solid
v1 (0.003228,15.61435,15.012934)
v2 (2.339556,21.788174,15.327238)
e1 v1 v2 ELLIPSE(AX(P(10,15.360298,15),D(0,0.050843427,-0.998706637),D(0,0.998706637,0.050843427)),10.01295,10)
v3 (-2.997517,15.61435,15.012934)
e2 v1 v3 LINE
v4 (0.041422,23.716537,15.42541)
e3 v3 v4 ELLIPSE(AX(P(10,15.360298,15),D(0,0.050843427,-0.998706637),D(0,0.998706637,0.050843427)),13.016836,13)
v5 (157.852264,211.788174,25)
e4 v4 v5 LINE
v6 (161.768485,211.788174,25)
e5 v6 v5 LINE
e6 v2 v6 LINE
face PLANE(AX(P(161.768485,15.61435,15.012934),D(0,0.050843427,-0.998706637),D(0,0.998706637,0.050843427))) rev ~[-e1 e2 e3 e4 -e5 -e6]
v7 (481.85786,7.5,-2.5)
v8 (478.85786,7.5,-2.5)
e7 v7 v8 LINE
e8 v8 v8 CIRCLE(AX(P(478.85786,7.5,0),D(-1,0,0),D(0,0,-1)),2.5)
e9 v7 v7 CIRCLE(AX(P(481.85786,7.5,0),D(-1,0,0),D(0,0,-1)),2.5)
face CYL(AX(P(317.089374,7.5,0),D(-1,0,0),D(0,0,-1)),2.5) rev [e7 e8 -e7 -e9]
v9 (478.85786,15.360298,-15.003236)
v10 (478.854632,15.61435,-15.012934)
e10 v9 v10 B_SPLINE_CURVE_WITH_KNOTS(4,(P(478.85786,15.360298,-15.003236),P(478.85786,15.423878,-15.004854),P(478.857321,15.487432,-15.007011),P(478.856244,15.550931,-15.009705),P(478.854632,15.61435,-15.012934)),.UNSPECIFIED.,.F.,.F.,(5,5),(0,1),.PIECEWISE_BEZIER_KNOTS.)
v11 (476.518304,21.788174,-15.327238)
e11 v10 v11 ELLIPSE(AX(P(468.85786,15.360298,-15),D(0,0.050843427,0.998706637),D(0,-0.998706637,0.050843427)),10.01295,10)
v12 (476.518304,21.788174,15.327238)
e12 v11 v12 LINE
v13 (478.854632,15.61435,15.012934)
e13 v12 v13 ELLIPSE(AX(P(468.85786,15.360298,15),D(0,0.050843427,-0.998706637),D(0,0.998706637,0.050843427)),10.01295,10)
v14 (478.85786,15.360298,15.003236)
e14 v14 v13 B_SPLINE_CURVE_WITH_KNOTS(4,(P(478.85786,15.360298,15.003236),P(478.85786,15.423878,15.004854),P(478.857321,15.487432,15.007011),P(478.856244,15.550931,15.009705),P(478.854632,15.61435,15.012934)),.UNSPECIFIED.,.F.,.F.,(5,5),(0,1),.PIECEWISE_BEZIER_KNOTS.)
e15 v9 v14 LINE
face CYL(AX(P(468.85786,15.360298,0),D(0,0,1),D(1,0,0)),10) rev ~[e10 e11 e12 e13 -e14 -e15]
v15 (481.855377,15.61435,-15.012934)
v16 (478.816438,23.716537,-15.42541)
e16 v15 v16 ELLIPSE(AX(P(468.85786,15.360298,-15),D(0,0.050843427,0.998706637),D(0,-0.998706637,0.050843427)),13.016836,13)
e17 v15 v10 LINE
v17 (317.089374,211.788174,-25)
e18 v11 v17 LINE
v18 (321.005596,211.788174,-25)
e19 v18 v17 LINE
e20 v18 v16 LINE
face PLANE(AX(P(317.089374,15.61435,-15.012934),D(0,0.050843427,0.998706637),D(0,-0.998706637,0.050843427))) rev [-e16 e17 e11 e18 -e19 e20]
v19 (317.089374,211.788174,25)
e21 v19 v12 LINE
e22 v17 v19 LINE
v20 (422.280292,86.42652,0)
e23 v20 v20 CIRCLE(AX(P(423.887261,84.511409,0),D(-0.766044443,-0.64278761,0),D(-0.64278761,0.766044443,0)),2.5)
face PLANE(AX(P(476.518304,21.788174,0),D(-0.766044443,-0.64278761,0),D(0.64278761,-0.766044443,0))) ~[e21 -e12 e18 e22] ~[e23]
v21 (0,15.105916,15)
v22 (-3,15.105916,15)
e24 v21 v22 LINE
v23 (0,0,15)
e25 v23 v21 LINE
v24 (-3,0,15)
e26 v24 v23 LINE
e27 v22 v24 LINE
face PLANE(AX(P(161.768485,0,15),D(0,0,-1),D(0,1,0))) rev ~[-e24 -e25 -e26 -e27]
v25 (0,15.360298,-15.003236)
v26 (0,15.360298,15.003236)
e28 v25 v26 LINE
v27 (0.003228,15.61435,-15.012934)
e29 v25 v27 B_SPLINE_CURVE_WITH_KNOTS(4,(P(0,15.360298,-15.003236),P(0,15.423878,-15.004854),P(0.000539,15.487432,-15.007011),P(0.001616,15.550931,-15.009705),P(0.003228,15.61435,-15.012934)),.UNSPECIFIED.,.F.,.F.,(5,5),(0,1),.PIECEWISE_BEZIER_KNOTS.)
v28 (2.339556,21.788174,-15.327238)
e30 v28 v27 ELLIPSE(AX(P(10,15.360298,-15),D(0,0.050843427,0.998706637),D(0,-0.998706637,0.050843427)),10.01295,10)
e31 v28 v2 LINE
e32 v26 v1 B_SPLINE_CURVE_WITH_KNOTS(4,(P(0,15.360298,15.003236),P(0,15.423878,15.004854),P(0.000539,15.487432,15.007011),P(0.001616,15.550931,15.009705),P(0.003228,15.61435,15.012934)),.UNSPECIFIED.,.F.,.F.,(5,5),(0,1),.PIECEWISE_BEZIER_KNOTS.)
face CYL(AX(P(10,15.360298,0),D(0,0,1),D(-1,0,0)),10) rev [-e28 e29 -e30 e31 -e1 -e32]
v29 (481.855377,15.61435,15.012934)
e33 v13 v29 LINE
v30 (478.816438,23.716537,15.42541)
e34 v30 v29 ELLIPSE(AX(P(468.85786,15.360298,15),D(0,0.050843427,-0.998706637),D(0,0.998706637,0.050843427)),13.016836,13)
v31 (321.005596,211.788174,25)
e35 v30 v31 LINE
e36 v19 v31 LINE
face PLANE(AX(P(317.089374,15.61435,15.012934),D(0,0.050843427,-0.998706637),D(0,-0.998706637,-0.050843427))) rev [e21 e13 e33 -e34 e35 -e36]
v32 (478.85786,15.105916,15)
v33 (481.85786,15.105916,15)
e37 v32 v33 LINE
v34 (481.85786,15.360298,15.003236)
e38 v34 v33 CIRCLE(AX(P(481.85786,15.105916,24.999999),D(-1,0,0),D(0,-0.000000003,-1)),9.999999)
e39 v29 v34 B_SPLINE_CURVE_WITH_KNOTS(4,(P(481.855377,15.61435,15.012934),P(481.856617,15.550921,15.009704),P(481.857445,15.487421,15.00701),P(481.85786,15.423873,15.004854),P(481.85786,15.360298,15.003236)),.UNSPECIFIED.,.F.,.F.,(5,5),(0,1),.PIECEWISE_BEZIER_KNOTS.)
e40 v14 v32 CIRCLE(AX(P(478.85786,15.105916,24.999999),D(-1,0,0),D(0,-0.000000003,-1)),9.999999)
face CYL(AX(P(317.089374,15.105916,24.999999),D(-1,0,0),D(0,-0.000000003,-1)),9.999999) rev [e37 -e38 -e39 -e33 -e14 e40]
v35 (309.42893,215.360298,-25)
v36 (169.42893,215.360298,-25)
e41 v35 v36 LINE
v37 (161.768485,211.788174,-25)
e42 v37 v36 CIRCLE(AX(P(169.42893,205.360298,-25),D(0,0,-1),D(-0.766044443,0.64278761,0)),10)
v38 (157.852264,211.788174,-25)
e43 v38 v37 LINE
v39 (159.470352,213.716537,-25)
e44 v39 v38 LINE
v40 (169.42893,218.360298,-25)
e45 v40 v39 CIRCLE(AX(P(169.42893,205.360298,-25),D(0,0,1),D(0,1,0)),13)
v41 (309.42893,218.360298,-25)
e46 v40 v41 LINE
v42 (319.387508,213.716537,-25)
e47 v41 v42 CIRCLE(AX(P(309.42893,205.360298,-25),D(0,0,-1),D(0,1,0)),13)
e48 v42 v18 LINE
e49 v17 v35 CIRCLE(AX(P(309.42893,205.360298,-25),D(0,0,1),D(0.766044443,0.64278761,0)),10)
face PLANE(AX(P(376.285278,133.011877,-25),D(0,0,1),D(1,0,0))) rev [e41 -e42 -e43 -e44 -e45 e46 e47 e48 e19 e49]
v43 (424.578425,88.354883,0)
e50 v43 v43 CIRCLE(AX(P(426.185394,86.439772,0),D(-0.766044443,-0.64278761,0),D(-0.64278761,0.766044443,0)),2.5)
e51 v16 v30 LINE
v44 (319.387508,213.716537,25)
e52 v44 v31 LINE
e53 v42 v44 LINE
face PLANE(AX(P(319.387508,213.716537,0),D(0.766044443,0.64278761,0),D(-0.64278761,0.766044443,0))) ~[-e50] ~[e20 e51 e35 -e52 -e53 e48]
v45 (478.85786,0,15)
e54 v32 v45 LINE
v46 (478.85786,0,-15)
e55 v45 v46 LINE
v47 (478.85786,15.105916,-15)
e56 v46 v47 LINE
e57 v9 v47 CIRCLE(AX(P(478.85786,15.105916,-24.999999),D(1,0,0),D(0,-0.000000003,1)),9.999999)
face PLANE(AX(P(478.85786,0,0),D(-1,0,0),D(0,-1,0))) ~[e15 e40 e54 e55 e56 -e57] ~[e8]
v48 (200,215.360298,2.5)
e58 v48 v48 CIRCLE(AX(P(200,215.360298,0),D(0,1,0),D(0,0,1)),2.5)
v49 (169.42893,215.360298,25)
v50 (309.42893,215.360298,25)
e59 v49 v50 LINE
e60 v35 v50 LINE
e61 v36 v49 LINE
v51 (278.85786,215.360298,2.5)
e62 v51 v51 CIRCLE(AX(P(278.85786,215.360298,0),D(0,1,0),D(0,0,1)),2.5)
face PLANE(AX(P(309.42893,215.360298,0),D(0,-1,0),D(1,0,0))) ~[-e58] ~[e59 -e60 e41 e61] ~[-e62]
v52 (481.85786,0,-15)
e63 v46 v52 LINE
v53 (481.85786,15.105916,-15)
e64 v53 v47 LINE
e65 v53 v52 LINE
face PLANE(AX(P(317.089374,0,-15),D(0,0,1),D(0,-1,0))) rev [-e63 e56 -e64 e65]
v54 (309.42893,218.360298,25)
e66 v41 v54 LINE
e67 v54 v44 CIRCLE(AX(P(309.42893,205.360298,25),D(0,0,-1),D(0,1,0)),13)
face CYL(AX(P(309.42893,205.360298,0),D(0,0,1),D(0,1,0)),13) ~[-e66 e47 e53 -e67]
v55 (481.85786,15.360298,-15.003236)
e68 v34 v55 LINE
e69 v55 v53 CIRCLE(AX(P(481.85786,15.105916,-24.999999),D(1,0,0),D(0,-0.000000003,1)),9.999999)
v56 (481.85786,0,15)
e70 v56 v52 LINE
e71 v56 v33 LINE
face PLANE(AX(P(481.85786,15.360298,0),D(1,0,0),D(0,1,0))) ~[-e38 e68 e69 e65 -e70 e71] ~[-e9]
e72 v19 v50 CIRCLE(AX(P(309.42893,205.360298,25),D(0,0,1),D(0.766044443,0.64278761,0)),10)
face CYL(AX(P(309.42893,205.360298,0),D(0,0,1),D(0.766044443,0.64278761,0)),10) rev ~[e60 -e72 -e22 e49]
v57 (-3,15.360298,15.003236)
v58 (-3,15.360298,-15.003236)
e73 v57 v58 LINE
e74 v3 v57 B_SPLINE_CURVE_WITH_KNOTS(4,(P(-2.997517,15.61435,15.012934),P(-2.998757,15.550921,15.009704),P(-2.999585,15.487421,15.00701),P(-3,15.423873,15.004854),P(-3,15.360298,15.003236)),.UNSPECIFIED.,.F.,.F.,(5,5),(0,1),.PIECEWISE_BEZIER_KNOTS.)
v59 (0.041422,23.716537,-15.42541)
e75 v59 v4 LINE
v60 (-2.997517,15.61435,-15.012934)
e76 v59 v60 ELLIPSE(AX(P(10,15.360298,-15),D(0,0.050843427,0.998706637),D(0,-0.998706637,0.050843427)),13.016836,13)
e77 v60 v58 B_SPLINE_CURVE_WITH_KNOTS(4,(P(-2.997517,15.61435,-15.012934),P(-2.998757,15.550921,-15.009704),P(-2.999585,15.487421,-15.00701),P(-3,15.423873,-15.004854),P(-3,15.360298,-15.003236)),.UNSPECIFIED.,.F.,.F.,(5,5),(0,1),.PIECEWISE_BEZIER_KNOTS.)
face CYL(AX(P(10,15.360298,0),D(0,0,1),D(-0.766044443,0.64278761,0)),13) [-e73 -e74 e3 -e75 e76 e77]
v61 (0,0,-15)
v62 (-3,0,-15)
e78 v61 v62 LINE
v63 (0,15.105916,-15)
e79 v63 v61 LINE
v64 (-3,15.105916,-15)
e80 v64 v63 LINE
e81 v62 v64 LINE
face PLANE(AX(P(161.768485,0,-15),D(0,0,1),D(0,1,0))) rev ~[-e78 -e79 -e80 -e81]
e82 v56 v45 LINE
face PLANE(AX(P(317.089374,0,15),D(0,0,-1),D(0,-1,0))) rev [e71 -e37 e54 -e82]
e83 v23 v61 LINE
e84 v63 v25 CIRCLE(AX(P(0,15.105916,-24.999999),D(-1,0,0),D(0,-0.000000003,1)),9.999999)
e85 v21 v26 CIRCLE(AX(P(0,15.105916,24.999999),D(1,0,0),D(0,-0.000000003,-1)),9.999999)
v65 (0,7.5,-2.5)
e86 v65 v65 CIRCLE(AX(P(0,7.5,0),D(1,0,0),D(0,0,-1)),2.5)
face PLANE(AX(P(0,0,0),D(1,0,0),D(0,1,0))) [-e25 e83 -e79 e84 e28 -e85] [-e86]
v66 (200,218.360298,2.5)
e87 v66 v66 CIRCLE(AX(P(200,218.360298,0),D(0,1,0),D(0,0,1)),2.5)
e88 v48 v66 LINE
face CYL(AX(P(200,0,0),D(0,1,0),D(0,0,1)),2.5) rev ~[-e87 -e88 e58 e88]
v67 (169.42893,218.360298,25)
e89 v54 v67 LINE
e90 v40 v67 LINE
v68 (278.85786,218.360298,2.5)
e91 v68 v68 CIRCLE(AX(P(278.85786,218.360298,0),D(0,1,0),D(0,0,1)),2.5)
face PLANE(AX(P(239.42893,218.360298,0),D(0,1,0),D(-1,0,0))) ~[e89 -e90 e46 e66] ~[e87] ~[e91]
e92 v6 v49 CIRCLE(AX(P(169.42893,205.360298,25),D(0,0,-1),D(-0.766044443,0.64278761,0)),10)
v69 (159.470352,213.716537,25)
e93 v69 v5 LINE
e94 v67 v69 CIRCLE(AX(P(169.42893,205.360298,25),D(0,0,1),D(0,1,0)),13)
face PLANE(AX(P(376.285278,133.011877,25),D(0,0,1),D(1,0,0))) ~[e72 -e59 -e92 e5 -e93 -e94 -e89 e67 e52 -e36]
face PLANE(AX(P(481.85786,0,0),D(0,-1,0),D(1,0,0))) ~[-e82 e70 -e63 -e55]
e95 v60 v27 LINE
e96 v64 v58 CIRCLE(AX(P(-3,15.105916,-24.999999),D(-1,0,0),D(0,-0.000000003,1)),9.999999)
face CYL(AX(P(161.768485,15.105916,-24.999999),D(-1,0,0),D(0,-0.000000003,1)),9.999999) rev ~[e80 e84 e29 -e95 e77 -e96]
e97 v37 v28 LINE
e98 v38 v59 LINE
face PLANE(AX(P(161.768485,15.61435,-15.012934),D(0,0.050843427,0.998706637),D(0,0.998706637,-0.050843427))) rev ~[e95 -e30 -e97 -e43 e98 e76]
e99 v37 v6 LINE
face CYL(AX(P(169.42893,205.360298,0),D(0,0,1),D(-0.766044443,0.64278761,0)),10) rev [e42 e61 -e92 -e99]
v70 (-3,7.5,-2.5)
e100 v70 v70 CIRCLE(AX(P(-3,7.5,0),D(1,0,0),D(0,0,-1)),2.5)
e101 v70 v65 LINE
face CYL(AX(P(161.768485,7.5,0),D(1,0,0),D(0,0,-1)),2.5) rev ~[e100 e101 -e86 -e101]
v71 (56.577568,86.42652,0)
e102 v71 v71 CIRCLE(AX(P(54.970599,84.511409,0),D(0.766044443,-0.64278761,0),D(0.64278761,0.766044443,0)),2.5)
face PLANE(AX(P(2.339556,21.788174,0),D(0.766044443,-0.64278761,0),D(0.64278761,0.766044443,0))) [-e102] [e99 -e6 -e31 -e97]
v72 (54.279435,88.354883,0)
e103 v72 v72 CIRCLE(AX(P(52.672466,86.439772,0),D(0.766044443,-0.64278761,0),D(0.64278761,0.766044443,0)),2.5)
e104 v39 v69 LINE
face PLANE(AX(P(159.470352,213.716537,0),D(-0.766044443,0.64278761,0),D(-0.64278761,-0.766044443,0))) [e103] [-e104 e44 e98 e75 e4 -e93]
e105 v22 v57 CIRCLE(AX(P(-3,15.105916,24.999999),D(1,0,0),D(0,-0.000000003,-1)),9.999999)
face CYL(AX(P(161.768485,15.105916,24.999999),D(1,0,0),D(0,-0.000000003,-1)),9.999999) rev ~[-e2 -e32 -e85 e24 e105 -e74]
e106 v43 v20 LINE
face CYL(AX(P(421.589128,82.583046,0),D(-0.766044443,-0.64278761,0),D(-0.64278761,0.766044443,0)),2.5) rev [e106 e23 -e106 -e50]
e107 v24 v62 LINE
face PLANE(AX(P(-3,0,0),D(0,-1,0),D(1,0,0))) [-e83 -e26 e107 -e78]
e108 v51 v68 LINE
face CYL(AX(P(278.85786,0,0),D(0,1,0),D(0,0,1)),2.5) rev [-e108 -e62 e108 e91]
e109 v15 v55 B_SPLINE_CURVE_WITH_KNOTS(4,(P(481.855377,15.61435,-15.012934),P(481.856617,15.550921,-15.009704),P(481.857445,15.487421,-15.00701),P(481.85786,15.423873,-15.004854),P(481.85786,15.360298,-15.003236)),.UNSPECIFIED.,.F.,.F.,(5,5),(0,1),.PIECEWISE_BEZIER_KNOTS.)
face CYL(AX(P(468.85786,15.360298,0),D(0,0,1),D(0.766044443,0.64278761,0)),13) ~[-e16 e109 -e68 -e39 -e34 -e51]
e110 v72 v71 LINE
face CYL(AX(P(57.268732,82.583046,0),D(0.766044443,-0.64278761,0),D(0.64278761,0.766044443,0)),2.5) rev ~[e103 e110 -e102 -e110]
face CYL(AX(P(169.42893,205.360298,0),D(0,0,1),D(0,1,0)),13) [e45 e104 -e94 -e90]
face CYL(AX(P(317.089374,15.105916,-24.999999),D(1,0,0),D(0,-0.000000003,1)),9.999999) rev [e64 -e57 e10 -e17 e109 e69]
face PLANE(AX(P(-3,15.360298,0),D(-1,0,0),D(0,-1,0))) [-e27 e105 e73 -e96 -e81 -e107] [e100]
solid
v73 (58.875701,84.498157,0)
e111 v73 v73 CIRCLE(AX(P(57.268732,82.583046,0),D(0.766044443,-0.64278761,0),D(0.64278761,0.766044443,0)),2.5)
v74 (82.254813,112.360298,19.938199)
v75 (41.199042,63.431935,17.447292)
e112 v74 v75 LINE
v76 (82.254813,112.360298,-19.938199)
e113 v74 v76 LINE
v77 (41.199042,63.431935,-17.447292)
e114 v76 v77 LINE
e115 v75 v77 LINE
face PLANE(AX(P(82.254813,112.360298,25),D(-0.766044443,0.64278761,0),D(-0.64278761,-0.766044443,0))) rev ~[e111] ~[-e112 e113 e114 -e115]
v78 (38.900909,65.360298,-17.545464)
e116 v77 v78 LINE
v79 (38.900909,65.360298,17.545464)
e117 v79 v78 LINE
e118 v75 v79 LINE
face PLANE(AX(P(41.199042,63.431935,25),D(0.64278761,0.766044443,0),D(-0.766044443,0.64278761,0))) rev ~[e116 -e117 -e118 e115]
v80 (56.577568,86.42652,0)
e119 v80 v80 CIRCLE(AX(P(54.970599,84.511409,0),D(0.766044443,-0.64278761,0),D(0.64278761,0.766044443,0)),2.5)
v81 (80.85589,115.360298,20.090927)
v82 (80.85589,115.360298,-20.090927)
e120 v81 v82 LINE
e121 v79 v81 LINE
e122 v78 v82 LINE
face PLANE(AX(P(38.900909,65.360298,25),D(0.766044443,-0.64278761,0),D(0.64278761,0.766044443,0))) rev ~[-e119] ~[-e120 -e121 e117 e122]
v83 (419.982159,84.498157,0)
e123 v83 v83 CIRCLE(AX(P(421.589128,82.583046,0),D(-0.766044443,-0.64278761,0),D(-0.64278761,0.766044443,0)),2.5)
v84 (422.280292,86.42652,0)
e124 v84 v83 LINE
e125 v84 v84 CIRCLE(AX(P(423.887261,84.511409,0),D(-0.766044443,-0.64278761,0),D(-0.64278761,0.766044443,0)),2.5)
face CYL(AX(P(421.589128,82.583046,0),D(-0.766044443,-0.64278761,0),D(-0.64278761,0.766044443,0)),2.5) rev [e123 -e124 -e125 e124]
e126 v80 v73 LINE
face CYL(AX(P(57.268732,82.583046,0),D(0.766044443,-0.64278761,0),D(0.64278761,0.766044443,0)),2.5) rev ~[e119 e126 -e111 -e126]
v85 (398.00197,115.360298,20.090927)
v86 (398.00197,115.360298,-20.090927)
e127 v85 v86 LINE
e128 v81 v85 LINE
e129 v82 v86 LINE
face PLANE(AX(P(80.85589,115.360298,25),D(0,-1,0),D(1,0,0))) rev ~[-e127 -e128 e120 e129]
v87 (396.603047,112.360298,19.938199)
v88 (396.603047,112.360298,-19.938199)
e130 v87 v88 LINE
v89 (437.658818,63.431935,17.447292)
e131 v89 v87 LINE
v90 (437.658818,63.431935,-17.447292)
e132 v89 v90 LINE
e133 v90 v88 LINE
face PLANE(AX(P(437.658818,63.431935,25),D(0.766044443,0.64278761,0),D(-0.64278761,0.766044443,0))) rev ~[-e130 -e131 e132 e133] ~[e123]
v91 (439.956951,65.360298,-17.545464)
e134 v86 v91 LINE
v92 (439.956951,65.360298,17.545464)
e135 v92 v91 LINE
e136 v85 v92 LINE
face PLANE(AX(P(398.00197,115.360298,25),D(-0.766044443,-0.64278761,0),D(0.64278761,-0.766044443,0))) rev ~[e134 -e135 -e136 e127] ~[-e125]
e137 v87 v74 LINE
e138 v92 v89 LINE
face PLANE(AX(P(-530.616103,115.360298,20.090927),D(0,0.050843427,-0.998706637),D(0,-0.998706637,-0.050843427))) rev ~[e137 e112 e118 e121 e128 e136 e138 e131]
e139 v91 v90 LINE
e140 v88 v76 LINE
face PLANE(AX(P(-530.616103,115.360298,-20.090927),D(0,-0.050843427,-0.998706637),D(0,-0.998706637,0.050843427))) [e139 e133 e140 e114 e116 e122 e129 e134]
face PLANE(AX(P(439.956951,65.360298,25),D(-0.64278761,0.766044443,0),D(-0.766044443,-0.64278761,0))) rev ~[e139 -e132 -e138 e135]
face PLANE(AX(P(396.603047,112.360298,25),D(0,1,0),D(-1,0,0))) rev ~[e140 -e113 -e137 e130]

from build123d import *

# Parameters (mm, degrees)
BOSS_EXTRUDE1_DEPTH     = 25
CUT_EXTRUDE1_DEPTH      = 275.690504759
SKETCH6_R               = 2.5
CUT_EXTRUDE3_DEPTH      = 326.011433764
SKETCH7_R               = 2.5
CUT_EXTRUDE4_DEPTH      = 275.690504819
BOSS_EXTRUDE2_DEPTH     = 50
CUT_EXTRUDE5_DEPTH      = 530.616103216
CUT_EXTRUDE5_DEPTH_BACK = 530.616103216
SKETCH11_R              = 2.5
CUT_EXTRUDE6_DEPTH      = 534.660292369


with BuildPart() as part:
    # Sketch2 → Boss-Extrude1 (new, symmetric)
    with BuildSketch(Plane.XY):
        with BuildLine():
            Line((0, 0), (0, 15.360297657))
            ThreePointArc((0, 15.360297657), (0.603073792, 18.780499091), (2.339555569, 21.788173754))
            Line((2.339555569, 21.788173754), (161.768485492, 211.788173754))
            ThreePointArc((161.768485492, 211.788173754), (165.202747306, 214.423375528), (169.428929924, 215.360297657))
            Line((169.428929924, 215.360297657), (239.428929924, 215.360297657))
            Line((239.428929924, 215.360297657), (239.428929924, 218.360297657))
            Line((239.428929924, 218.360297657), (169.428929924, 218.360297657))
            ThreePointArc((169.428929924, 218.360297657), (163.934892521, 217.142298889), (159.470352163, 213.716536583))
            Line((159.470352163, 213.716536583), (0.041422239, 23.716536583))
            ThreePointArc((0.041422239, 23.716536583), (-2.21600407, 19.806559521), (-3, 15.360297657))
            Line((-3, 15.360297657), (-3, 0))
            Line((-3, 0), (0, 0))
        make_face()
    boss_extrude1 = extrude(amount=BOSS_EXTRUDE1_DEPTH, both=True)

    # Sketch3 → Cut-Extrude1 (cut, symmetric)
    with BuildSketch(Plane(origin=(161.768485492, 0, 0), x_dir=(0, 0, -1), z_dir=(1, 0, 0))):
        with BuildLine():
            Line((25, 211.788173754), (25, 15.360297657))
            Line((25, 15.360297657), (25, 0))
            Line((25, 0), (15, 0))
            Line((15, 0), (15, 15.105916019))
            ThreePointArc((15, 15.105916019), (15.003233931, 15.360215392), (15.012933634, 15.614350288))
            Line((15.012933634, 15.614350288), (25, 211.788173754))
        make_face()
        with BuildLine():
            Line((-25, 211.788173754), (-25, 15.360297657))
            Line((-25, 15.360297657), (-25, 0))
            Line((-25, 0), (-15, 0))
            Line((-15, 0), (-15, 15.105916019))
            ThreePointArc((-15, 15.105916019), (-15.003233931, 15.360215392), (-15.012933634, 15.614350288))
            Line((-15.012933634, 15.614350288), (-25, 211.788173754))
        make_face()
    cut_extrude1 = extrude(amount=CUT_EXTRUDE1_DEPTH, both=True, mode=Mode.SUBTRACT)

    # Sketch6 → Cut-Extrude3 (cut, symmetric)
    with BuildSketch(Plane(origin=(0, 0, 0), x_dir=(1, 0, 0), z_dir=(0, 1, 0))):
        with Locations(Location((200, 0, 0), (0, 0, 270))):
            Circle(SKETCH6_R)
    cut_extrude3 = extrude(amount=CUT_EXTRUDE3_DEPTH, both=True, mode=Mode.SUBTRACT)

    # Sketch7 → Cut-Extrude4 (cut, symmetric)
    with BuildSketch(Plane(origin=(161.768485492, 0, 0), x_dir=(0, 0, -1), z_dir=(1, 0, 0))):
        with Locations((0, 7.5)):
            Circle(SKETCH7_R)
    cut_extrude4 = extrude(amount=CUT_EXTRUDE4_DEPTH, both=True, mode=Mode.SUBTRACT)

    # Mirror2: Boss-Extrude1, Cut-Extrude1, Cut-Extrude3, Cut-Extrude4 across plane
    add(boss_extrude1.mirror(Plane(origin=(239.428929924, 218.360297657, 25), x_dir=(0, 0, 1), z_dir=(-1, 0, 0))))
    add(cut_extrude1.mirror(Plane(origin=(239.428929924, 218.360297657, 25), x_dir=(0, 0, 1), z_dir=(-1, 0, 0))), mode=Mode.SUBTRACT)
    add(cut_extrude3.mirror(Plane(origin=(239.428929924, 218.360297657, 25), x_dir=(0, 0, 1), z_dir=(-1, 0, 0))), mode=Mode.SUBTRACT)
    add(cut_extrude4.mirror(Plane(origin=(239.428929924, 218.360297657, 25), x_dir=(0, 0, 1), z_dir=(-1, 0, 0))), mode=Mode.SUBTRACT)


with BuildPart() as body_2:
    # Sketch9 → Boss-Extrude2 (new body)
    with BuildSketch(Plane.XY.offset(25)):
        Polygon((80.855890224, 115.360297657), (398.001969623, 115.360297657), (439.956951182, 65.360297657), (437.658817852, 63.431934828), (396.603046648, 112.360297657), (82.254813199, 112.360297657), (41.199041995, 63.431934828), (38.900908666, 65.360297657), align=None)
    extrude(amount=-BOSS_EXTRUDE2_DEPTH)

    # Sketch10 → Cut-Extrude5 (cut, two sides: drawn at the far end of the back side and taken through both)
    with BuildSketch(Plane(origin=(0, 0, 0), x_dir=(0, 0, -1), z_dir=(1, 0, 0)).offset(-CUT_EXTRUDE5_DEPTH_BACK)):
        Polygon((25, 115.360297657), (20.090927112, 115.360297657), (17.44729201, 63.431934828), (25, 63.431934828), align=None)
        Polygon((-17.44729201, 63.431934828), (-25, 63.431934828), (-25, 115.360297657), (-20.090927112, 115.360297657), align=None)
    extrude(amount=CUT_EXTRUDE5_DEPTH + CUT_EXTRUDE5_DEPTH_BACK, mode=Mode.SUBTRACT)


with BuildPart() as cut_extrude6_tool:
    # Sketch11 → Cut-Extrude6 (new, symmetric)
    with BuildSketch(Plane(origin=(-7.057540324, 5.921979483, 0), x_dir=(0, 0, -1), z_dir=(0.7660444431189791, -0.6427876096865379, 0))):
        with Locations(Location((0, 100.073914917, 0), (0, 0, 90))):
            Circle(SKETCH11_R)
    cut_extrude6 = extrude(amount=CUT_EXTRUDE6_DEPTH, both=True)


with BuildPart() as part_1:
    add(part.part)

    # Cut-Extrude6: cut by cut_extrude6_tool
    add(cut_extrude6_tool.part, mode=Mode.SUBTRACT)


with BuildPart() as body_2_1:
    add(body_2.part)

    # Cut-Extrude6: cut by cut_extrude6_tool
    add(cut_extrude6_tool.part, mode=Mode.SUBTRACT)


with BuildPart() as mirror3_tool:
    # Mirror3: Cut-Extrude6 across plane
    add(cut_extrude6.mirror(Plane(origin=(239.428929924, 0, 0), x_dir=(0, 0, 1), z_dir=(1, 0, 0))))


with BuildPart() as part_2:
    add(part_1.part)

    # Mirror3: cut by mirror3_tool
    add(mirror3_tool.part, mode=Mode.SUBTRACT)


with BuildPart() as body_2_2:
    add(body_2_1.part)

    # Mirror3: cut by mirror3_tool
    add(mirror3_tool.part, mode=Mode.SUBTRACT)


solid = Compound([part_2.part, body_2_2.part])
